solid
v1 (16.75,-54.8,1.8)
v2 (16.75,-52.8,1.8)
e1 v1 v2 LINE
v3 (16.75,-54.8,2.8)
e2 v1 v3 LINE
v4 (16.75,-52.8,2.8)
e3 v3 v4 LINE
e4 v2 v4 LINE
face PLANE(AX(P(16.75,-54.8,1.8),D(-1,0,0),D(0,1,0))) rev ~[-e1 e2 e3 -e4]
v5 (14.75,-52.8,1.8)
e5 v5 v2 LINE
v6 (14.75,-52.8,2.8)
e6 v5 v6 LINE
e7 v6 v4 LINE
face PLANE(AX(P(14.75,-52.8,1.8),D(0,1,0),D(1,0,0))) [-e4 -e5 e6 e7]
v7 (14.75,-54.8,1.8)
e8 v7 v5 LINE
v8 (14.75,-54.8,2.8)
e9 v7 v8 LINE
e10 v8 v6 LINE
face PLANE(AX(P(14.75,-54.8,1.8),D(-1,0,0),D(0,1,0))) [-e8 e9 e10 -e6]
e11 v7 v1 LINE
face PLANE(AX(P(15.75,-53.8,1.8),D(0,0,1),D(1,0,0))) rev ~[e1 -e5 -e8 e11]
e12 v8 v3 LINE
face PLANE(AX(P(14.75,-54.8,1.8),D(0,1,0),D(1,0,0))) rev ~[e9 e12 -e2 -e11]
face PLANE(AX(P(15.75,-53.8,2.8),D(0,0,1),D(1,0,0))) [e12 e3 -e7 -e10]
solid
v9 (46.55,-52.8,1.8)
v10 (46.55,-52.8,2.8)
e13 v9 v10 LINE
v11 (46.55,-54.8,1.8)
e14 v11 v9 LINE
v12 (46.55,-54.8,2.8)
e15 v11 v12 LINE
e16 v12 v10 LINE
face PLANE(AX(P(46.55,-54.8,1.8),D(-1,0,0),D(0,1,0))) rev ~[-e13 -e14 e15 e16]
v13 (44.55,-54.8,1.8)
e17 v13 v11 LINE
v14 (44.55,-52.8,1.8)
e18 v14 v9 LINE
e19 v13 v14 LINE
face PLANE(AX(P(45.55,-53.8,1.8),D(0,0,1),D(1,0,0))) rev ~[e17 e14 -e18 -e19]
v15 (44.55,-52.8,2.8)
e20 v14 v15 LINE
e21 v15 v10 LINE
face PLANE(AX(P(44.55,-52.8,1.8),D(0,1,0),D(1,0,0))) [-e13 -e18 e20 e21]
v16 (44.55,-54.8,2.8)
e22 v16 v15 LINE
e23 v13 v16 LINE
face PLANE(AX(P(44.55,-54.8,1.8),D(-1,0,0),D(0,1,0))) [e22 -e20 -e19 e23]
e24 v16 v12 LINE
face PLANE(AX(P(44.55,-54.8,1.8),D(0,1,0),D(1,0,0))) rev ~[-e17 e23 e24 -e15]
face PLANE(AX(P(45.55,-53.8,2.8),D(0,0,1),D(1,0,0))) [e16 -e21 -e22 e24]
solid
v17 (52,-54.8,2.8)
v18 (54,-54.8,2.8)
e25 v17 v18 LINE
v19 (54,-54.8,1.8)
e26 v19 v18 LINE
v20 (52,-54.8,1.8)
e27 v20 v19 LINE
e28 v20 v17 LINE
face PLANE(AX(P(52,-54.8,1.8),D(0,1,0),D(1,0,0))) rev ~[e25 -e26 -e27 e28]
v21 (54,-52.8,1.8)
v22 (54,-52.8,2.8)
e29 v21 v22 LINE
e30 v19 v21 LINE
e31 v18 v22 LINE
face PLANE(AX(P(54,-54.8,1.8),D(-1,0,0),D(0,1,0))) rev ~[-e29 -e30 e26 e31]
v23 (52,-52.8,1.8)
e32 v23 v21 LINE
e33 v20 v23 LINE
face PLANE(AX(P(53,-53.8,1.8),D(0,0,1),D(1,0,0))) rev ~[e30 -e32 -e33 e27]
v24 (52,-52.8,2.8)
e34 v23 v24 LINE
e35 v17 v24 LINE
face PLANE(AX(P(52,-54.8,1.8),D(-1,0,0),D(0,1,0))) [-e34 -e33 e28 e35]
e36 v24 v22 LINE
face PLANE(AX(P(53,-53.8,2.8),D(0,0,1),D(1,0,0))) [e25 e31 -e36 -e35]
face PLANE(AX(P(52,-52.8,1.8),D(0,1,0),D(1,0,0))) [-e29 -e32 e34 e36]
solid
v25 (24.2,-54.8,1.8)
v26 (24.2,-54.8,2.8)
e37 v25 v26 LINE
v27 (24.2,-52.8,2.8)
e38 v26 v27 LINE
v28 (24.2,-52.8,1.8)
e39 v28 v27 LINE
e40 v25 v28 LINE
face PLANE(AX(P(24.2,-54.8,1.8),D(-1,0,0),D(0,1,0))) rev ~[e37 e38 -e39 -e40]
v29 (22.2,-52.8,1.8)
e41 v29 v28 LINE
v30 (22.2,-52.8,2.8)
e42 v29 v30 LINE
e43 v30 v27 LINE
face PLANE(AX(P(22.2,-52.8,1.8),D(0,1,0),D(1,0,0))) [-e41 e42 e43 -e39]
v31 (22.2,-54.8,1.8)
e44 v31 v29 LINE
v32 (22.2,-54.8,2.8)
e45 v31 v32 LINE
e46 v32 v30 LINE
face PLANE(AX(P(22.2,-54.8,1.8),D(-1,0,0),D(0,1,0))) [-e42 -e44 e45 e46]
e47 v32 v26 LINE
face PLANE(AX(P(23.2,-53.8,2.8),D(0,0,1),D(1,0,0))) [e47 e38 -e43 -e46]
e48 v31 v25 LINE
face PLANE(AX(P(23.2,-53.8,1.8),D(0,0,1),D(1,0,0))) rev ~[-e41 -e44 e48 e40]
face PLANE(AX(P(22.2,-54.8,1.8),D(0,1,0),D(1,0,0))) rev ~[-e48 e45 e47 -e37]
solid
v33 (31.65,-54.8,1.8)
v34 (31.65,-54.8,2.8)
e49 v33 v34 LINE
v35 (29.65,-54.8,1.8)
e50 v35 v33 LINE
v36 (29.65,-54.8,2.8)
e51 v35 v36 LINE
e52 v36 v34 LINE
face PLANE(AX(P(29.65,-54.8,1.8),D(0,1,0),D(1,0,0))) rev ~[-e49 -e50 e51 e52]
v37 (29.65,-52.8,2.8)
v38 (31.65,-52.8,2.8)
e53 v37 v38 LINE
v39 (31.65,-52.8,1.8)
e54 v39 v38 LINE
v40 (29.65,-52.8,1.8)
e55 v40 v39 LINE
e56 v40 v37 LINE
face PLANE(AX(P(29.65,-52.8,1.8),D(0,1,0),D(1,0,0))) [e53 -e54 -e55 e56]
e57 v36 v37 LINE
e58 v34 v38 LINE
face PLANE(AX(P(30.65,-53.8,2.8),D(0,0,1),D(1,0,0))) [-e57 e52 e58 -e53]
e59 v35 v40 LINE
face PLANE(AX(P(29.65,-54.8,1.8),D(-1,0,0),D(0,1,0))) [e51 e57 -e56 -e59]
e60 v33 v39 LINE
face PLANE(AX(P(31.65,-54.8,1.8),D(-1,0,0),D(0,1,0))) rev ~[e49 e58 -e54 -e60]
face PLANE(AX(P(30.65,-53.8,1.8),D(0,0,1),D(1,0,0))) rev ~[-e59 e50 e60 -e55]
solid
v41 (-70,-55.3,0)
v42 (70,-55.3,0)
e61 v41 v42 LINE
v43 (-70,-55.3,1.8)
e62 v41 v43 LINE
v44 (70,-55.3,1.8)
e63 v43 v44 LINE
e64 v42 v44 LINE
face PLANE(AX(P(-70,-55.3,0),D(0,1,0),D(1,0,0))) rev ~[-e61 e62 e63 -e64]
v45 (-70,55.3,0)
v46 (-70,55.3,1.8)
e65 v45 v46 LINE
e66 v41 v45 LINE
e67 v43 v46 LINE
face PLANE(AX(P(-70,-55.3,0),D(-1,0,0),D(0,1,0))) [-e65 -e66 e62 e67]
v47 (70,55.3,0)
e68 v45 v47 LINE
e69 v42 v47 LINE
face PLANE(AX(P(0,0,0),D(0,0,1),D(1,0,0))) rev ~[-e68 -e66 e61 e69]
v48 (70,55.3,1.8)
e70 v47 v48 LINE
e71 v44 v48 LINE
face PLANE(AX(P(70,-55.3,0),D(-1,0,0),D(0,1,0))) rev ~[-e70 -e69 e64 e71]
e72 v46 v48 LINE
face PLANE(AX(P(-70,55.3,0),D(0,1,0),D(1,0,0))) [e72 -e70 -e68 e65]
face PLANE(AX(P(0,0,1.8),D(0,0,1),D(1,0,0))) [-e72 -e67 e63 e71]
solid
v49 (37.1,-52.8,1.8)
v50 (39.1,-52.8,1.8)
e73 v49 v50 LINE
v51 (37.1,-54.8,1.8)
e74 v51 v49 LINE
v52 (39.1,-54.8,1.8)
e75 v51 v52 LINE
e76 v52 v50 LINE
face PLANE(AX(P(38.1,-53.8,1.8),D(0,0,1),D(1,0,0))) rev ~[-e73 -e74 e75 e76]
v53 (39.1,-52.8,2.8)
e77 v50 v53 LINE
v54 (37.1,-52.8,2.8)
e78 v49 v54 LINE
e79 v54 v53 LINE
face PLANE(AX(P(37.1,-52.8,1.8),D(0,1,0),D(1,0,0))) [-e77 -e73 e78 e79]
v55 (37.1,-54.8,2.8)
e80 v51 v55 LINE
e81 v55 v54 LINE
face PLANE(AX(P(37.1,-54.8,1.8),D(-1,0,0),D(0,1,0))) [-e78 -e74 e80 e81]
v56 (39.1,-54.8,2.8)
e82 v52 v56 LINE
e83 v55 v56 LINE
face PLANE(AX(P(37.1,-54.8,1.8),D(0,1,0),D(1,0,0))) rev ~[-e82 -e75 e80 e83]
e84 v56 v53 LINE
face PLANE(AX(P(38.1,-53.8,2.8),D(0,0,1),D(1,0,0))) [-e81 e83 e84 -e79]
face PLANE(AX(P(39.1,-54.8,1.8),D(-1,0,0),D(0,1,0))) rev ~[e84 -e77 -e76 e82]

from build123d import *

# Parameters (mm, degrees)
F0_W     = 140
F0_H     = 110.6
F1_DEPTH = 1.8
F2_W     = 2
F2_H     = 2
F3_DEPTH = 1


with BuildPart() as f1:
    # F0 (on Top) → F1 (new body)
    with BuildSketch(Plane.XY):
        Rectangle(F0_W, F0_H)
    extrude(amount=F1_DEPTH)


with BuildPart() as f3:
    # F2 (on face) → F3 (new body)
    with BuildSketch(Plane.XY.offset(1.8)):
        with Locations((53, -53.8)):
            Rectangle(F2_W, F2_H)
        with Locations((45.55, -53.8)):
            Rectangle(F2_W, F2_H)
        with Locations((38.1, -53.8)):
            Rectangle(F2_W, F2_H)
        with Locations((30.65, -53.8)):
            Rectangle(F2_W, F2_H)
        with Locations((23.2, -53.8)):
            Rectangle(F2_W, F2_H)
        with Locations((15.75, -53.8)):
            Rectangle(F2_W, F2_H)
    extrude(amount=F3_DEPTH)


solid = Compound([f1.part, f3.part])
